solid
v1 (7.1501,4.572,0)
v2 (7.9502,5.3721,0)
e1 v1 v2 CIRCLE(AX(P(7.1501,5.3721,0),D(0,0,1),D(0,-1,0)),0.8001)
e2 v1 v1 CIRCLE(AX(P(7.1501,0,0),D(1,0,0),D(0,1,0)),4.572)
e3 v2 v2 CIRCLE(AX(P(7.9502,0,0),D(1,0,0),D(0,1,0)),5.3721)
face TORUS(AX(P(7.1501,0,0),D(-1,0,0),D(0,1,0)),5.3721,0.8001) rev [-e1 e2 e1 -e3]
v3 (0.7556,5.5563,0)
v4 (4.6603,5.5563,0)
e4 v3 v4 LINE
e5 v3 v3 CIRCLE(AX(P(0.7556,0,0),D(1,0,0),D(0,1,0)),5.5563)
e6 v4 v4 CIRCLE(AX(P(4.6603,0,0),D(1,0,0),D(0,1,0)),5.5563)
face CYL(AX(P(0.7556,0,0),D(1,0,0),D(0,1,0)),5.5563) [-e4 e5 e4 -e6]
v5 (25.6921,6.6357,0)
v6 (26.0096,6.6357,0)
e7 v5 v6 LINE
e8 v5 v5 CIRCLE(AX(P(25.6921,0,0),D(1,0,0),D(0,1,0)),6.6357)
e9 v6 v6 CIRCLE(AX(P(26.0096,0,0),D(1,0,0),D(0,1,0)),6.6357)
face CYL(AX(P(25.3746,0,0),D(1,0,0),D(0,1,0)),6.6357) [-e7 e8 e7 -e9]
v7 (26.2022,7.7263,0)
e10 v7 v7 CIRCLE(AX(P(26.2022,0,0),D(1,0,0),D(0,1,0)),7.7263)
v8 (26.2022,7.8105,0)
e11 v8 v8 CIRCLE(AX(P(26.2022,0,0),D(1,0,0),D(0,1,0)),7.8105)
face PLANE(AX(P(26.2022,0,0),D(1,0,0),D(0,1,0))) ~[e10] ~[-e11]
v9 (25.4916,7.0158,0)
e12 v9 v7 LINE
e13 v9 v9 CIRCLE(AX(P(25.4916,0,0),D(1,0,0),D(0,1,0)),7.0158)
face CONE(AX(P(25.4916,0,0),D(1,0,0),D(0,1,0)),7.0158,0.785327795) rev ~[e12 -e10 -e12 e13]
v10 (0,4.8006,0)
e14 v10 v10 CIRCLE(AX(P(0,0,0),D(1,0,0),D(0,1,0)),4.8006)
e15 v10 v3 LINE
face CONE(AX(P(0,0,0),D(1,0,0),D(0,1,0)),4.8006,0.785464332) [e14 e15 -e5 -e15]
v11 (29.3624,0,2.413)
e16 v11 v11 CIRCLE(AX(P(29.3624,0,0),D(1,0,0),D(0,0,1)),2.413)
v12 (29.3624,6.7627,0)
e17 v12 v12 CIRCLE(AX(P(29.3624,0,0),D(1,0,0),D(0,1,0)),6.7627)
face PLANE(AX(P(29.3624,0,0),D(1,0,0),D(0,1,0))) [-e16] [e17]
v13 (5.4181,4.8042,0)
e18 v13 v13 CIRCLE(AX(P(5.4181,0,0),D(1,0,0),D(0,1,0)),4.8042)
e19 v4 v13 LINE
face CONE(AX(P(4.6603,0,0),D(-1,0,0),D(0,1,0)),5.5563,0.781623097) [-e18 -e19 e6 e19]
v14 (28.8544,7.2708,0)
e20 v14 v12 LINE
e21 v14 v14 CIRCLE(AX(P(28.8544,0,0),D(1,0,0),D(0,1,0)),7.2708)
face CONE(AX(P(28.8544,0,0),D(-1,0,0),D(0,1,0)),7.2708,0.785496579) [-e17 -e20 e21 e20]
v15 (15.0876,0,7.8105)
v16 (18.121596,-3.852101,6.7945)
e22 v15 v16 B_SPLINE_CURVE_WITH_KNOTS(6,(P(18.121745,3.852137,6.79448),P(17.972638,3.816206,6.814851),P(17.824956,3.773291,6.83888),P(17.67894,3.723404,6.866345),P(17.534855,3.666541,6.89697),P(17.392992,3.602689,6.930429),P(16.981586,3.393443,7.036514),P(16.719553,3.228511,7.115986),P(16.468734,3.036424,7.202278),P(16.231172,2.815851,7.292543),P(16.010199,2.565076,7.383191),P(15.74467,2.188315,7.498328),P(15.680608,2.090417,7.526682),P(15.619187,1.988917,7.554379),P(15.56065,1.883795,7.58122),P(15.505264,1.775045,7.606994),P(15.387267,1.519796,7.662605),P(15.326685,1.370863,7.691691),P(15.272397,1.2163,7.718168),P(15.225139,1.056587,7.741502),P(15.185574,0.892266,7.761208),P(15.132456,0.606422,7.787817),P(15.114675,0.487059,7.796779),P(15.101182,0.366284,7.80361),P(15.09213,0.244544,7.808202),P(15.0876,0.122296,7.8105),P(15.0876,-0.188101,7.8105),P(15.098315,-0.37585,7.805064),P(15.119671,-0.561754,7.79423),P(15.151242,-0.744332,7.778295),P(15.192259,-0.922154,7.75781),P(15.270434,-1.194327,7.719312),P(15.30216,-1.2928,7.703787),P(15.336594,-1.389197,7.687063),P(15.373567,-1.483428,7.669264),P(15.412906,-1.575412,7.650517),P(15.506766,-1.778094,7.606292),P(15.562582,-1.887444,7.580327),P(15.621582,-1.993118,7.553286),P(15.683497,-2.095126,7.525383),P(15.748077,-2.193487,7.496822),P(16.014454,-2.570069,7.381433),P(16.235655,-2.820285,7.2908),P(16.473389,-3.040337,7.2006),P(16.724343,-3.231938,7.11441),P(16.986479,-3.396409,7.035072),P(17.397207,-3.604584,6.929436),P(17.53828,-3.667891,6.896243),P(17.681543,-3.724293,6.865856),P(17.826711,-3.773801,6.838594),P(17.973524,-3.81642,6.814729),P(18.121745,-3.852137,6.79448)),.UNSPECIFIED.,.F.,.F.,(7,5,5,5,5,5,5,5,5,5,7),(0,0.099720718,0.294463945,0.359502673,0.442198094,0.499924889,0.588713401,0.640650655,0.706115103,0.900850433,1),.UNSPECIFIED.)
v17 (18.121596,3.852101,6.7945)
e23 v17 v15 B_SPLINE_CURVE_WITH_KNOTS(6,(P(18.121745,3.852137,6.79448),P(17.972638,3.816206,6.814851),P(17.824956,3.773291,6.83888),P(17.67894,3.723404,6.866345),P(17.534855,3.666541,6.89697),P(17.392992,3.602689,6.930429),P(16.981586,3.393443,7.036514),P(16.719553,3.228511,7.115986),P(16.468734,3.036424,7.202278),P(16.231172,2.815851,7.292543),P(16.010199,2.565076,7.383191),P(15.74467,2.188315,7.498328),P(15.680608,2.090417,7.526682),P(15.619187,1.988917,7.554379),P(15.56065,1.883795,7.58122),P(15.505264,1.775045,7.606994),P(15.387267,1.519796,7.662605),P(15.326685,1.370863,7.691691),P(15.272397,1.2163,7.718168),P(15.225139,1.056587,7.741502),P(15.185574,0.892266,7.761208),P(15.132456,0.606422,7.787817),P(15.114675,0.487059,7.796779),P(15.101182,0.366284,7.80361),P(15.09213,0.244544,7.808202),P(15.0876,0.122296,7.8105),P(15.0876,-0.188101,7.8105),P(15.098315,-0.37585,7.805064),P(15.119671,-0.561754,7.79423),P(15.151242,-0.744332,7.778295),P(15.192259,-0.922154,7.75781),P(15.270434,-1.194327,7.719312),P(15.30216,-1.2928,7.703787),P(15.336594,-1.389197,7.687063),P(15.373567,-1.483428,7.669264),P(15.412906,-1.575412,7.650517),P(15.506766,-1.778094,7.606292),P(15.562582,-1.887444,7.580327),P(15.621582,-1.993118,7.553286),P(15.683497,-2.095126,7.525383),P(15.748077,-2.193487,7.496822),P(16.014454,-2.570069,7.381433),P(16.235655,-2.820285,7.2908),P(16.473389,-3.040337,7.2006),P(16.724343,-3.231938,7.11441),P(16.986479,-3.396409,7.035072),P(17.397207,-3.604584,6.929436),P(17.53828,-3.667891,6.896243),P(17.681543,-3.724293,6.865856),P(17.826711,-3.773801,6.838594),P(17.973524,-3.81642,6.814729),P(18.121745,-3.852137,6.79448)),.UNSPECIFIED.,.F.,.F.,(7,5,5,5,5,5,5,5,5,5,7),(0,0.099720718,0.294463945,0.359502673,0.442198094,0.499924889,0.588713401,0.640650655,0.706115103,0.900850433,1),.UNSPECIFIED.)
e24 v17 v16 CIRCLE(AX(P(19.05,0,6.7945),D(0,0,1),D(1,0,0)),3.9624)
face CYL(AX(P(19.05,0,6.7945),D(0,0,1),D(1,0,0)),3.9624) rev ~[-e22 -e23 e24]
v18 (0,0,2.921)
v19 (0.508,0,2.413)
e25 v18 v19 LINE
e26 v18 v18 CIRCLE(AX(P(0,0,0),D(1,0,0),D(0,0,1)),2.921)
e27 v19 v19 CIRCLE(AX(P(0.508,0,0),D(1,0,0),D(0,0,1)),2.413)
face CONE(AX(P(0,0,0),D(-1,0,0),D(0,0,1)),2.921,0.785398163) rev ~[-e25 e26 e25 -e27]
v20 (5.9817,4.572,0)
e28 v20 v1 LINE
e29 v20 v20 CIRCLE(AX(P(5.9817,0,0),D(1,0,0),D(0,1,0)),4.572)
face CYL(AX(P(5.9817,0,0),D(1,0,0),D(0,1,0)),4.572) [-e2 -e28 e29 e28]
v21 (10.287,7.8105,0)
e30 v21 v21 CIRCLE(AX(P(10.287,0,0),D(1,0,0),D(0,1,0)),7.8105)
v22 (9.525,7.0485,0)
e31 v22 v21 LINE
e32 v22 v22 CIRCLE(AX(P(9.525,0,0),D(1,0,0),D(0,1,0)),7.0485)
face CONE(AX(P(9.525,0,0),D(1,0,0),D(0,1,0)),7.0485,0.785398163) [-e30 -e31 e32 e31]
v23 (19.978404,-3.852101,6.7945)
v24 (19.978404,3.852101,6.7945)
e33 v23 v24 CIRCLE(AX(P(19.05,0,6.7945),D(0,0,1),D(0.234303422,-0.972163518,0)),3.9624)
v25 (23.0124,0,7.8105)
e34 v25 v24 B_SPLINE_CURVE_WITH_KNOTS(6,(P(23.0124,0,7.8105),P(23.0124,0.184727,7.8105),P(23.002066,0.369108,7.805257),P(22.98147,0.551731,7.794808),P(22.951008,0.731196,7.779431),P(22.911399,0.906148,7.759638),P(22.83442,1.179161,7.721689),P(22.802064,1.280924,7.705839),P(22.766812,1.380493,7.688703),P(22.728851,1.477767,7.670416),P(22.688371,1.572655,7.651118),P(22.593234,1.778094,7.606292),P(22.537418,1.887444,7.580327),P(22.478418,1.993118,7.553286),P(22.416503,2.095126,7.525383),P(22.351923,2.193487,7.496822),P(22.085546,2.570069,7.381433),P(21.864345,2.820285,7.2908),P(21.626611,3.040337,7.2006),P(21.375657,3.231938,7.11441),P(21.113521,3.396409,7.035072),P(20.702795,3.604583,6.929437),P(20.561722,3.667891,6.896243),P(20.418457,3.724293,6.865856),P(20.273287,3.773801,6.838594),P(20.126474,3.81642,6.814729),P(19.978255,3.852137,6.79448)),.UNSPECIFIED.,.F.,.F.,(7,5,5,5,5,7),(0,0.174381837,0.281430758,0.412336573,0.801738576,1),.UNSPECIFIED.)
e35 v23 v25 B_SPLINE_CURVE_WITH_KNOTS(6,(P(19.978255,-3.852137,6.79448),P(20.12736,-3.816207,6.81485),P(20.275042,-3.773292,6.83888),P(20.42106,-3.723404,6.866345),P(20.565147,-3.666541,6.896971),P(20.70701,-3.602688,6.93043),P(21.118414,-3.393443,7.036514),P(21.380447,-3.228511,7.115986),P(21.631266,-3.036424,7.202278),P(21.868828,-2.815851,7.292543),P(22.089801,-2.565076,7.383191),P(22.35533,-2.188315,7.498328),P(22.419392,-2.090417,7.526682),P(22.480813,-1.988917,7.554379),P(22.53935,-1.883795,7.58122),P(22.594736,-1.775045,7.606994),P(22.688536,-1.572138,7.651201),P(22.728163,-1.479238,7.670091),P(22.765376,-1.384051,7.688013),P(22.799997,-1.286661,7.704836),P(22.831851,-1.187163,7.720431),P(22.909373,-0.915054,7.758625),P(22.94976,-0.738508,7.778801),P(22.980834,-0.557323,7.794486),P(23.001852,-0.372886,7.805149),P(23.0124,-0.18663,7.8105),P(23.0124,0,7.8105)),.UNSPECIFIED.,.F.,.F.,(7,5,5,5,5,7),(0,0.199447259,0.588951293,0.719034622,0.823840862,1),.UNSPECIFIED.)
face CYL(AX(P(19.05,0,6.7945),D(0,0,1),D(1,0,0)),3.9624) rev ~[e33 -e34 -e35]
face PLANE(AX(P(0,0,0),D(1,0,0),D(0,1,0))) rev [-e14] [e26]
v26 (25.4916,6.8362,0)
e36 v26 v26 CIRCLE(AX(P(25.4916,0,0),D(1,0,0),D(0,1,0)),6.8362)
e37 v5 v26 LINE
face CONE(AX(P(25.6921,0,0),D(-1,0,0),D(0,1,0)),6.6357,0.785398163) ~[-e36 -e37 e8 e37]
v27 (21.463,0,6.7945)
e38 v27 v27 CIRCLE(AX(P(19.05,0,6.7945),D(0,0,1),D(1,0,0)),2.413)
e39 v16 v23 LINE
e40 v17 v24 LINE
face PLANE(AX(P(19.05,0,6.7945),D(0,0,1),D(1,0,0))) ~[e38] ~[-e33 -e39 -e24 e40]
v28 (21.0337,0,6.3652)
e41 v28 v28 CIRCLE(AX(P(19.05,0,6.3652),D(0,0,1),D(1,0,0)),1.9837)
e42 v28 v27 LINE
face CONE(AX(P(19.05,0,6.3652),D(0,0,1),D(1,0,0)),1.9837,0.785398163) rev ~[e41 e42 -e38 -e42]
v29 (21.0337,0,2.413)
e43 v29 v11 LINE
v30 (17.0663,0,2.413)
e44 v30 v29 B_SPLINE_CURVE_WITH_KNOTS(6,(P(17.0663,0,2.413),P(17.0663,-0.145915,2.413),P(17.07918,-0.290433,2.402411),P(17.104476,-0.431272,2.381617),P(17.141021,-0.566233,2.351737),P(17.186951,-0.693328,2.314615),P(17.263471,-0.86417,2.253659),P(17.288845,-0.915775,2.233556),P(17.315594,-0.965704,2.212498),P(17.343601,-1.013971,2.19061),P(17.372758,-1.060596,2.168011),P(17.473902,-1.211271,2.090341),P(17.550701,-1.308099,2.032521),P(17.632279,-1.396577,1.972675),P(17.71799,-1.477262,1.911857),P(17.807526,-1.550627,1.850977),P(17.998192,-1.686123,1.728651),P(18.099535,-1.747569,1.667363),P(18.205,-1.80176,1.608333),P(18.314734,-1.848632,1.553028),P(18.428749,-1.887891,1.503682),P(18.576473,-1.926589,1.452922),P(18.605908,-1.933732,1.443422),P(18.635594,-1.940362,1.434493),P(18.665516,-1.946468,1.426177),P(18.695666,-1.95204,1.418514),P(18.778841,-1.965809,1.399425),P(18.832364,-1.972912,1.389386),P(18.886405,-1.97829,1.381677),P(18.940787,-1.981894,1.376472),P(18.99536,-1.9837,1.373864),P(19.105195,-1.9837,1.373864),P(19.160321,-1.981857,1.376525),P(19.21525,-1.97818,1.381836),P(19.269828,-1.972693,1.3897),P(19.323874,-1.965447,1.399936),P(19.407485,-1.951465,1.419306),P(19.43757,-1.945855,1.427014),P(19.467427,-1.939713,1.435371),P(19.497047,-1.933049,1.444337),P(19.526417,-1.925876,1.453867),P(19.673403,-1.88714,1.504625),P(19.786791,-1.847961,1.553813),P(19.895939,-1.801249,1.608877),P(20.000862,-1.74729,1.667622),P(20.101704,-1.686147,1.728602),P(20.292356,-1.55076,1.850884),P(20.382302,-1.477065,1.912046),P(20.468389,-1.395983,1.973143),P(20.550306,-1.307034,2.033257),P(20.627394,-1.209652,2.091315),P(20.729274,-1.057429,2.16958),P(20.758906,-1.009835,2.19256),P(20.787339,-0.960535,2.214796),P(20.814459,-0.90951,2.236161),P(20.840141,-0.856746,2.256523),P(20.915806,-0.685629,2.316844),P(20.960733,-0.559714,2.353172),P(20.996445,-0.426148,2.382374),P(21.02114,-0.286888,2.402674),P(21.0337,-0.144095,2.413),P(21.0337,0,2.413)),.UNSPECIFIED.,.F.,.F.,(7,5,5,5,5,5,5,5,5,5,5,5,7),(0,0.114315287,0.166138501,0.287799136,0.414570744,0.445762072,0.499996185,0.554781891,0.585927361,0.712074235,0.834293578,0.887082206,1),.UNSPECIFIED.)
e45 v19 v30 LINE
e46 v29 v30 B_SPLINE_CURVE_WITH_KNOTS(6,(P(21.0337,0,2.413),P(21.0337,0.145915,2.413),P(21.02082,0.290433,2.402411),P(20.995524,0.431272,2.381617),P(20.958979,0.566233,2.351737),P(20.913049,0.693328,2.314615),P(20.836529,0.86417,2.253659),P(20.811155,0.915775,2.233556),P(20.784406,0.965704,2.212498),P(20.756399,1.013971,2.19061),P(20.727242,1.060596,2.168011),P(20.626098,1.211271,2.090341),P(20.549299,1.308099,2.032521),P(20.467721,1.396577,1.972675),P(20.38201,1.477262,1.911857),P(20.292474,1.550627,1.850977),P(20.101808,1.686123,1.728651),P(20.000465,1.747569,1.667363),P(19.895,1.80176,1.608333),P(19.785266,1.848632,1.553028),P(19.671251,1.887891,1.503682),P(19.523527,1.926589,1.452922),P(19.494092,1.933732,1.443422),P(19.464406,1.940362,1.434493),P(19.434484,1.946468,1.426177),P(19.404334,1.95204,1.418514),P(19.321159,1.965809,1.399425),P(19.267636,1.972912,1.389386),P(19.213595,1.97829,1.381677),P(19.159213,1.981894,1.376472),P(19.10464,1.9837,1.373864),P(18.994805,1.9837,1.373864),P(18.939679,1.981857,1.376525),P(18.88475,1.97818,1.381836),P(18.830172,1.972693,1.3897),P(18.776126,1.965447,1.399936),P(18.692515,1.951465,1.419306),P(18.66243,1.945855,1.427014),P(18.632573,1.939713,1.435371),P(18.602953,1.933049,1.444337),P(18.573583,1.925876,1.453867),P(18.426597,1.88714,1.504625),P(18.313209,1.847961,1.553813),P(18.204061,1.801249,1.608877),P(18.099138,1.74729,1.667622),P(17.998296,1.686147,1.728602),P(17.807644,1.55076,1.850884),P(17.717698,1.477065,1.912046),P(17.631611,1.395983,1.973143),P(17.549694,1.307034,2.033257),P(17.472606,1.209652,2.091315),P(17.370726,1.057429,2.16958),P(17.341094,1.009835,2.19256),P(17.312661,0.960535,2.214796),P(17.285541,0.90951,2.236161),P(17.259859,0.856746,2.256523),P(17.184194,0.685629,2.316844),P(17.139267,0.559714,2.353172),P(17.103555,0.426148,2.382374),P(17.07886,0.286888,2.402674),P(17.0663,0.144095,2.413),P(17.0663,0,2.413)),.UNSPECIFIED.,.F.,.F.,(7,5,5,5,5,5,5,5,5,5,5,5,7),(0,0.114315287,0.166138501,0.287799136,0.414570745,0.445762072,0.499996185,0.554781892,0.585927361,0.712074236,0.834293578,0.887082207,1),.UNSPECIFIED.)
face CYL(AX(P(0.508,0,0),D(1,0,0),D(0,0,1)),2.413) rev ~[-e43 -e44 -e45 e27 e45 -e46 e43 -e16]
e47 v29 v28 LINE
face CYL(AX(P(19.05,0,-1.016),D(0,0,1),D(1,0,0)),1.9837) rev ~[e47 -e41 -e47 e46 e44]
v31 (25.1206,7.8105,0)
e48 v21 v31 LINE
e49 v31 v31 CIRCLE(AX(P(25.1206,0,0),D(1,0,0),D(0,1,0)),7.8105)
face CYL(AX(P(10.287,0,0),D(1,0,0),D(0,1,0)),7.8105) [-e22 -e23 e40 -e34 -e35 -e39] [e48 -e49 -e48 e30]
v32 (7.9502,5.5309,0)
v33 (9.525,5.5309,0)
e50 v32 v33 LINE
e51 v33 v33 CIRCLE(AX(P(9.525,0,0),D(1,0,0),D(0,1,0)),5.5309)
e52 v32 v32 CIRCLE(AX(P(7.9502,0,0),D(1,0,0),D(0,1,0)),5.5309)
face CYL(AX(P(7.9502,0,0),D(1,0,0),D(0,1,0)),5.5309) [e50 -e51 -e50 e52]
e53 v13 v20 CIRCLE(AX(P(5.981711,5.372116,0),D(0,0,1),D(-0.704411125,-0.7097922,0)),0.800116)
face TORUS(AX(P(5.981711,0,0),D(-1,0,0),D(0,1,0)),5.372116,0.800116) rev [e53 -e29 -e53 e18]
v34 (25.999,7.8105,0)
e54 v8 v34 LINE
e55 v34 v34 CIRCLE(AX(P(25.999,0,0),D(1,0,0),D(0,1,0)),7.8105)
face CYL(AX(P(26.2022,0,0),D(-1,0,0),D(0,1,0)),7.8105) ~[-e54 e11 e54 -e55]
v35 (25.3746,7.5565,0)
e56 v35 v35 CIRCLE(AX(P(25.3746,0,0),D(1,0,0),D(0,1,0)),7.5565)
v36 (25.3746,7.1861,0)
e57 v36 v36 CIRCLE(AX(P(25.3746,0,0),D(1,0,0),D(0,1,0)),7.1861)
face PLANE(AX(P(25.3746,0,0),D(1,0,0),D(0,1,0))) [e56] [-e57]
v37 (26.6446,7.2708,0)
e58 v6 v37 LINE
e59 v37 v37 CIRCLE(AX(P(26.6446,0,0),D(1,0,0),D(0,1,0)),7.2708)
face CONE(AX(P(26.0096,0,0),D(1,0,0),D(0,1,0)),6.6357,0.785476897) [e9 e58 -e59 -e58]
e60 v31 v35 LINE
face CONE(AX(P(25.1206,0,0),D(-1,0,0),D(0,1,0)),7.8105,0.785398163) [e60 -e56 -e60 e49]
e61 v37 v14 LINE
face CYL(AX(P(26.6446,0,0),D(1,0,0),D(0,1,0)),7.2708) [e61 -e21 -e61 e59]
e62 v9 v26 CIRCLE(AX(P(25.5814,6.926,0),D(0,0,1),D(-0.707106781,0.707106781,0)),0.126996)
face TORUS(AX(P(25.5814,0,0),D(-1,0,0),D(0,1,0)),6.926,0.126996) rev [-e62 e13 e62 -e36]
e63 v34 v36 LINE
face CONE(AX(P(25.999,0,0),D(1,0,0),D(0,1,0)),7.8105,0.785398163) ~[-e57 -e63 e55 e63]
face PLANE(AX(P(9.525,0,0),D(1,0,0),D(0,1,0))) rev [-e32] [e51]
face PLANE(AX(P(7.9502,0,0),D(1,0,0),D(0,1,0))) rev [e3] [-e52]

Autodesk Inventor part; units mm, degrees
sketch "Sketch_2" plane through (0, 0, 0) normal (0, 0, 1) x (1, 0, 0)
  line L0 (9.525, 0) -> (0, 0)
  line L1 (0, 0) -> (0, 4.8006)
  line L2 (0, 4.8006) -> (0.7556, 5.5563)
  line L3 (0.7556, 5.5563) -> (4.6603, 5.5563)
  line L4 (4.6603, 5.5563) -> (5.4181, 4.8042)
  arc A0 (5.4181, 4.8042) -> (5.9817, 4.572) centre (5.9817, 5.3721) ccw
  line L5 (5.9817, 4.572) -> (7.1501, 4.572)
  arc A1 (7.1501, 4.572) -> (7.9502, 5.3721) centre (7.1501, 5.3721) ccw
  line L6 (7.9502, 5.3721) -> (7.9502, 5.5309)
  line L7 (7.9502, 5.5309) -> (9.525, 5.5309)
  line L8 (9.525, 5.5309) -> (9.525, 0)
  line L9 (9.525, 0) -> (0, 0)
revolve "Revolution1" add sketch "Sketch_2" angle 360 about axis through (9.525, 0, 0) along (1, 0, 0)
thread "Thread1" size "7/16-20 UNF" class "2A" standard "ANSI Unified Screw Threads" full length
sketch "Sketch_3" plane through (0, 0, 0) normal (0, 0, 1) x (1, 0, 0)
  line L0 (29.3624, 0) -> (9.525, 0)
  line L1 (9.525, 0) -> (9.525, 7.0485)
  line L2 (9.525, 7.0485) -> (10.287, 7.8105)
  line L3 (10.287, 7.8105) -> (25.1206, 7.8105)
  line L4 (25.1206, 7.8105) -> (25.3746, 7.5565)
  line L5 (25.3746, 7.5565) -> (25.3746, 6.6357)
  line L6 (25.3746, 6.6357) -> (26.0096, 6.6357)
  line L7 (26.0096, 6.6357) -> (26.6446, 7.2708)
  line L8 (26.6446, 7.2708) -> (28.8544, 7.2708)
  line L9 (28.8544, 7.2708) -> (29.3624, 6.7627)
  line L10 (29.3624, 6.7627) -> (29.3624, 0)
  line L11 (29.3624, 0) -> (9.525, 0)
revolve "Revolution2" add sketch "Sketch_3" angle 360 about axis through (29.3624, 0, 0) along (1, 0, 0)
sketch "Sketch3" plane through (0, 0, 0) normal (-1, 0, 0) x (0, 0, 1)
  point P0 (0, 0)
hole "Hole1" at (0, 0, 0) direction (1, 0, 0) diameter 4.826 depth 29.3624 countersink diameter 5.842 countersink angle 90
sketch "Sketch_12" plane through (0, 0, 0) normal (0, 1, 0) x (-1, 0, 0)
  line L0 (-19.05, 7.8105) -> (-19.05, -1.016)
  line L1 (-19.05, -1.016) -> (-21.0337, -1.016)
  line L2 (-21.0337, -1.016) -> (-21.0337, 6.3652)
  line L3 (-21.0337, 6.3652) -> (-21.463, 6.7945)
  line L4 (-21.463, 6.7945) -> (-23.0124, 6.7945)
  line L5 (-23.0124, 6.7945) -> (-23.0124, 7.8105)
  line L6 (-23.0124, 7.8105) -> (-19.05, 7.8105)
  line L7 (-19.05, 7.8105) -> (-19.05, -1.016)
revolve "Revolution3" cut sketch "Sketch_12" angle 360 about axis through (19.05, 0, 7.8105) along (0, 0, 1)
thread "Thread2" size "10-32 UNF" class "2B" standard "ANSI Unified Screw Threads" length 1.9964
sketch "Sketch_47" plane through (0, 0, 0) normal (0, 0, 1) x (1, 0, 0)
  line L0 (26.0096, 0) -> (25.3746, 0)
  line L1 (25.3746, 7.1861) -> (25.3746, 6.3817)
  line L2 (25.3746, 6.3817) -> (26.0096, 6.3817)
  line L3 (26.0096, 6.3817) -> (26.0096, 6.6357)
  line L4 (26.0096, 6.6357) -> (25.6921, 6.6357)
  line L5 (25.6921, 6.6357) -> (25.4916, 6.8362)
  arc A0 (25.4916, 7.0158) -> (25.4916, 6.8362) centre (25.5814, 6.926) ccw
  line L6 (25.4916, 7.0158) -> (26.2022, 7.7263)
  line L7 (26.2022, 7.7263) -> (26.2022, 7.8105)
  line L8 (26.2022, 7.8105) -> (25.999, 7.8105)
  line L9 (25.999, 7.8105) -> (25.3746, 7.1861)
revolve "Revolution4" add sketch "Sketch_47" angle 360 about axis through (26.0096, 0, 0) along (1, 0, 0)
ref_plane "dp1_XY" through (9.525, 5.5309, 0) normal (0, 0, 1) x (1, 0, 0)
ref_plane "dp1_YZ" through (9.525, 5.5309, 0) normal (1, 0, 0) x (0, 1, 0)
ref_plane "dp1_ZX" through (9.525, 5.5309, 0) normal (0, 1, 0) x (0, 0, 1)
ref_plane "dp2_XY" through (9.525, -5.5309, 0) normal (0, 0, 1) x (1, 0, 0)
ref_plane "dp2_YZ" through (9.525, -5.5309, 0) normal (1, 0, 0) x (0, 1, 0)
ref_plane "dp2_ZX" through (9.525, -5.5309, 0) normal (0, 1, 0) x (0, 0, 1)
ref_plane "hh_XY" through (0, 5.5563, 0) normal (0, 0, 1) x (1, 0, 0)
ref_plane "hh_YZ" through (0, 5.5563, 0) normal (1, 0, 0) x (0, 1, 0)
ref_plane "hh_ZX" through (0, 5.5563, 0) normal (0, 1, 0) x (0, 0, 1)
ref_plane "port_XY" through (19.05, 0, 0) normal (0, 0, 1) x (1, 0, 0)
ref_plane "port_YZ" through (19.05, 0, 0) normal (1, 0, 0) x (0, 1, 0)
ref_plane "port_ZX" through (19.05, 0, 0) normal (0, 1, 0) x (0, 0, 1)
ref_plane "rod_guide_XY" through (0, 0, 0) normal (1, 0, 0) x (0, 0, -1)
ref_plane "rod_guide_YZ" through (0, 0, 0) normal (0, 0, -1) x (0, 1, 0)
ref_plane "rod_guide_ZX" through (0, 0, 0) normal (0, 1, 0) x (1, 0, 0)
ref_plane "s1_XY" through (7.9502, 0, 0) normal (0, 0, 1) x (1, 0, 0)
ref_plane "s1_YZ" through (7.9502, 0, 0) normal (1, 0, 0) x (0, 1, 0)
ref_plane "s1_ZX" through (7.9502, 0, 0) normal (0, 1, 0) x (0, 0, 1)
ref_plane "s2_XY" through (9.525, 0, 0) normal (0, 0, 1) x (1, 0, 0)
ref_plane "s2_YZ" through (9.525, 0, 0) normal (1, 0, 0) x (0, 1, 0)
ref_plane "s2_ZX" through (9.525, 0, 0) normal (0, 1, 0) x (0, 0, 1)
ref_plane "t1_XY" through (9.525, 0, 0) normal (1, 0, 0) x (0, 0, -1)
ref_plane "t1_YZ" through (9.525, 0, 0) normal (0, 0, -1) x (0, 1, 0)
ref_plane "t1_ZX" through (9.525, 0, 0) normal (0, 1, 0) x (1, 0, 0)
ref_plane "t111_XY" through (9.525, 0, 0) normal (1, 0, 0) x (0, 0, -1)
ref_plane "t111_YZ" through (9.525, 0, 0) normal (0, 0, -1) x (0, 1, 0)
ref_plane "t111_ZX" through (9.525, 0, 0) normal (0, 1, 0) x (1, 0, 0)
ref_plane "to_foot_bracket_XY" through (9.525, 0, 0) normal (1, 0, 0) x (0, 0, -1)
ref_plane "to_foot_bracket_YZ" through (9.525, 0, 0) normal (0, 0, -1) x (0, 1, 0)
ref_plane "to_foot_bracket_ZX" through (9.525, 0, 0) normal (0, 1, 0) x (1, 0, 0)
ref_plane "to_nut_XY" through (7.9502, 0, 0) normal (1, 0, 0) x (0, 0, -1)
ref_plane "to_nut_YZ" through (7.9502, 0, 0) normal (0, 0, -1) x (0, 1, 0)
ref_plane "to_nut_ZX" through (7.9502, 0, 0) normal (0, 1, 0) x (1, 0, 0)
ref_plane "to_rod_XY" through (0, 0, 0) normal (1, 0, 0) x (0, 0, -1)
ref_plane "to_rod_YZ" through (0, 0, 0) normal (0, 0, -1) x (0, 1, 0)
ref_plane "to_rod_ZX" through (0, 0, 0) normal (0, 1, 0) x (1, 0, 0)
ref_plane "to_screw_XY" through (19.05, 0, 0) normal (0, 1, 0) x (1, 0, 0)
ref_plane "to_screw_YZ" through (19.05, 0, 0) normal (1, 0, 0) x (0, 0, -1)
ref_plane "to_screw_ZX" through (19.05, 0, 0) normal (0, 0, -1) x (0, 1, 0)
ref_plane "to_trunnion_brackets_XY" through (0, 0, 0) normal (0, 1, 0) x (1, 0, 0)
ref_plane "to_trunnion_brackets_YZ" through (0, 0, 0) normal (1, 0, 0) x (0, 0, -1)
ref_plane "to_trunnion_brackets_ZX" through (0, 0, 0) normal (0, 0, -1) x (0, 1, 0)
ref_plane "to_trunnion_brackets1_XY" through (0, 0, 0) normal (0, 1, 0) x (1, 0, 0)
ref_plane "to_trunnion_brackets1_YZ" through (0, 0, 0) normal (1, 0, 0) x (0, 0, -1)
ref_plane "to_trunnion_brackets1_ZX" through (0, 0, 0) normal (0, 0, -1) x (0, 1, 0)
ref_plane "to_trunnion_brackets2_XY" through (0, 0, 0) normal (0, 1, 0) x (1, 0, 0)
ref_plane "to_trunnion_brackets2_YZ" through (0, 0, 0) normal (1, 0, 0) x (0, 0, -1)
ref_plane "to_trunnion_brackets2_ZX" through (0, 0, 0) normal (0, 0, -1) x (0, 1, 0)
ref_plane "to_tube_XY" through (26.0096, 0, 0) normal (1, 0, 0) x (0, 0, -1)
ref_plane "to_tube_YZ" through (26.0096, 0, 0) normal (0, 0, -1) x (0, 1, 0)
ref_plane "to_tube_ZX" through (26.0096, 0, 0) normal (0, 1, 0) x (1, 0, 0)
properties part number "02R000-0_rod_guide"
